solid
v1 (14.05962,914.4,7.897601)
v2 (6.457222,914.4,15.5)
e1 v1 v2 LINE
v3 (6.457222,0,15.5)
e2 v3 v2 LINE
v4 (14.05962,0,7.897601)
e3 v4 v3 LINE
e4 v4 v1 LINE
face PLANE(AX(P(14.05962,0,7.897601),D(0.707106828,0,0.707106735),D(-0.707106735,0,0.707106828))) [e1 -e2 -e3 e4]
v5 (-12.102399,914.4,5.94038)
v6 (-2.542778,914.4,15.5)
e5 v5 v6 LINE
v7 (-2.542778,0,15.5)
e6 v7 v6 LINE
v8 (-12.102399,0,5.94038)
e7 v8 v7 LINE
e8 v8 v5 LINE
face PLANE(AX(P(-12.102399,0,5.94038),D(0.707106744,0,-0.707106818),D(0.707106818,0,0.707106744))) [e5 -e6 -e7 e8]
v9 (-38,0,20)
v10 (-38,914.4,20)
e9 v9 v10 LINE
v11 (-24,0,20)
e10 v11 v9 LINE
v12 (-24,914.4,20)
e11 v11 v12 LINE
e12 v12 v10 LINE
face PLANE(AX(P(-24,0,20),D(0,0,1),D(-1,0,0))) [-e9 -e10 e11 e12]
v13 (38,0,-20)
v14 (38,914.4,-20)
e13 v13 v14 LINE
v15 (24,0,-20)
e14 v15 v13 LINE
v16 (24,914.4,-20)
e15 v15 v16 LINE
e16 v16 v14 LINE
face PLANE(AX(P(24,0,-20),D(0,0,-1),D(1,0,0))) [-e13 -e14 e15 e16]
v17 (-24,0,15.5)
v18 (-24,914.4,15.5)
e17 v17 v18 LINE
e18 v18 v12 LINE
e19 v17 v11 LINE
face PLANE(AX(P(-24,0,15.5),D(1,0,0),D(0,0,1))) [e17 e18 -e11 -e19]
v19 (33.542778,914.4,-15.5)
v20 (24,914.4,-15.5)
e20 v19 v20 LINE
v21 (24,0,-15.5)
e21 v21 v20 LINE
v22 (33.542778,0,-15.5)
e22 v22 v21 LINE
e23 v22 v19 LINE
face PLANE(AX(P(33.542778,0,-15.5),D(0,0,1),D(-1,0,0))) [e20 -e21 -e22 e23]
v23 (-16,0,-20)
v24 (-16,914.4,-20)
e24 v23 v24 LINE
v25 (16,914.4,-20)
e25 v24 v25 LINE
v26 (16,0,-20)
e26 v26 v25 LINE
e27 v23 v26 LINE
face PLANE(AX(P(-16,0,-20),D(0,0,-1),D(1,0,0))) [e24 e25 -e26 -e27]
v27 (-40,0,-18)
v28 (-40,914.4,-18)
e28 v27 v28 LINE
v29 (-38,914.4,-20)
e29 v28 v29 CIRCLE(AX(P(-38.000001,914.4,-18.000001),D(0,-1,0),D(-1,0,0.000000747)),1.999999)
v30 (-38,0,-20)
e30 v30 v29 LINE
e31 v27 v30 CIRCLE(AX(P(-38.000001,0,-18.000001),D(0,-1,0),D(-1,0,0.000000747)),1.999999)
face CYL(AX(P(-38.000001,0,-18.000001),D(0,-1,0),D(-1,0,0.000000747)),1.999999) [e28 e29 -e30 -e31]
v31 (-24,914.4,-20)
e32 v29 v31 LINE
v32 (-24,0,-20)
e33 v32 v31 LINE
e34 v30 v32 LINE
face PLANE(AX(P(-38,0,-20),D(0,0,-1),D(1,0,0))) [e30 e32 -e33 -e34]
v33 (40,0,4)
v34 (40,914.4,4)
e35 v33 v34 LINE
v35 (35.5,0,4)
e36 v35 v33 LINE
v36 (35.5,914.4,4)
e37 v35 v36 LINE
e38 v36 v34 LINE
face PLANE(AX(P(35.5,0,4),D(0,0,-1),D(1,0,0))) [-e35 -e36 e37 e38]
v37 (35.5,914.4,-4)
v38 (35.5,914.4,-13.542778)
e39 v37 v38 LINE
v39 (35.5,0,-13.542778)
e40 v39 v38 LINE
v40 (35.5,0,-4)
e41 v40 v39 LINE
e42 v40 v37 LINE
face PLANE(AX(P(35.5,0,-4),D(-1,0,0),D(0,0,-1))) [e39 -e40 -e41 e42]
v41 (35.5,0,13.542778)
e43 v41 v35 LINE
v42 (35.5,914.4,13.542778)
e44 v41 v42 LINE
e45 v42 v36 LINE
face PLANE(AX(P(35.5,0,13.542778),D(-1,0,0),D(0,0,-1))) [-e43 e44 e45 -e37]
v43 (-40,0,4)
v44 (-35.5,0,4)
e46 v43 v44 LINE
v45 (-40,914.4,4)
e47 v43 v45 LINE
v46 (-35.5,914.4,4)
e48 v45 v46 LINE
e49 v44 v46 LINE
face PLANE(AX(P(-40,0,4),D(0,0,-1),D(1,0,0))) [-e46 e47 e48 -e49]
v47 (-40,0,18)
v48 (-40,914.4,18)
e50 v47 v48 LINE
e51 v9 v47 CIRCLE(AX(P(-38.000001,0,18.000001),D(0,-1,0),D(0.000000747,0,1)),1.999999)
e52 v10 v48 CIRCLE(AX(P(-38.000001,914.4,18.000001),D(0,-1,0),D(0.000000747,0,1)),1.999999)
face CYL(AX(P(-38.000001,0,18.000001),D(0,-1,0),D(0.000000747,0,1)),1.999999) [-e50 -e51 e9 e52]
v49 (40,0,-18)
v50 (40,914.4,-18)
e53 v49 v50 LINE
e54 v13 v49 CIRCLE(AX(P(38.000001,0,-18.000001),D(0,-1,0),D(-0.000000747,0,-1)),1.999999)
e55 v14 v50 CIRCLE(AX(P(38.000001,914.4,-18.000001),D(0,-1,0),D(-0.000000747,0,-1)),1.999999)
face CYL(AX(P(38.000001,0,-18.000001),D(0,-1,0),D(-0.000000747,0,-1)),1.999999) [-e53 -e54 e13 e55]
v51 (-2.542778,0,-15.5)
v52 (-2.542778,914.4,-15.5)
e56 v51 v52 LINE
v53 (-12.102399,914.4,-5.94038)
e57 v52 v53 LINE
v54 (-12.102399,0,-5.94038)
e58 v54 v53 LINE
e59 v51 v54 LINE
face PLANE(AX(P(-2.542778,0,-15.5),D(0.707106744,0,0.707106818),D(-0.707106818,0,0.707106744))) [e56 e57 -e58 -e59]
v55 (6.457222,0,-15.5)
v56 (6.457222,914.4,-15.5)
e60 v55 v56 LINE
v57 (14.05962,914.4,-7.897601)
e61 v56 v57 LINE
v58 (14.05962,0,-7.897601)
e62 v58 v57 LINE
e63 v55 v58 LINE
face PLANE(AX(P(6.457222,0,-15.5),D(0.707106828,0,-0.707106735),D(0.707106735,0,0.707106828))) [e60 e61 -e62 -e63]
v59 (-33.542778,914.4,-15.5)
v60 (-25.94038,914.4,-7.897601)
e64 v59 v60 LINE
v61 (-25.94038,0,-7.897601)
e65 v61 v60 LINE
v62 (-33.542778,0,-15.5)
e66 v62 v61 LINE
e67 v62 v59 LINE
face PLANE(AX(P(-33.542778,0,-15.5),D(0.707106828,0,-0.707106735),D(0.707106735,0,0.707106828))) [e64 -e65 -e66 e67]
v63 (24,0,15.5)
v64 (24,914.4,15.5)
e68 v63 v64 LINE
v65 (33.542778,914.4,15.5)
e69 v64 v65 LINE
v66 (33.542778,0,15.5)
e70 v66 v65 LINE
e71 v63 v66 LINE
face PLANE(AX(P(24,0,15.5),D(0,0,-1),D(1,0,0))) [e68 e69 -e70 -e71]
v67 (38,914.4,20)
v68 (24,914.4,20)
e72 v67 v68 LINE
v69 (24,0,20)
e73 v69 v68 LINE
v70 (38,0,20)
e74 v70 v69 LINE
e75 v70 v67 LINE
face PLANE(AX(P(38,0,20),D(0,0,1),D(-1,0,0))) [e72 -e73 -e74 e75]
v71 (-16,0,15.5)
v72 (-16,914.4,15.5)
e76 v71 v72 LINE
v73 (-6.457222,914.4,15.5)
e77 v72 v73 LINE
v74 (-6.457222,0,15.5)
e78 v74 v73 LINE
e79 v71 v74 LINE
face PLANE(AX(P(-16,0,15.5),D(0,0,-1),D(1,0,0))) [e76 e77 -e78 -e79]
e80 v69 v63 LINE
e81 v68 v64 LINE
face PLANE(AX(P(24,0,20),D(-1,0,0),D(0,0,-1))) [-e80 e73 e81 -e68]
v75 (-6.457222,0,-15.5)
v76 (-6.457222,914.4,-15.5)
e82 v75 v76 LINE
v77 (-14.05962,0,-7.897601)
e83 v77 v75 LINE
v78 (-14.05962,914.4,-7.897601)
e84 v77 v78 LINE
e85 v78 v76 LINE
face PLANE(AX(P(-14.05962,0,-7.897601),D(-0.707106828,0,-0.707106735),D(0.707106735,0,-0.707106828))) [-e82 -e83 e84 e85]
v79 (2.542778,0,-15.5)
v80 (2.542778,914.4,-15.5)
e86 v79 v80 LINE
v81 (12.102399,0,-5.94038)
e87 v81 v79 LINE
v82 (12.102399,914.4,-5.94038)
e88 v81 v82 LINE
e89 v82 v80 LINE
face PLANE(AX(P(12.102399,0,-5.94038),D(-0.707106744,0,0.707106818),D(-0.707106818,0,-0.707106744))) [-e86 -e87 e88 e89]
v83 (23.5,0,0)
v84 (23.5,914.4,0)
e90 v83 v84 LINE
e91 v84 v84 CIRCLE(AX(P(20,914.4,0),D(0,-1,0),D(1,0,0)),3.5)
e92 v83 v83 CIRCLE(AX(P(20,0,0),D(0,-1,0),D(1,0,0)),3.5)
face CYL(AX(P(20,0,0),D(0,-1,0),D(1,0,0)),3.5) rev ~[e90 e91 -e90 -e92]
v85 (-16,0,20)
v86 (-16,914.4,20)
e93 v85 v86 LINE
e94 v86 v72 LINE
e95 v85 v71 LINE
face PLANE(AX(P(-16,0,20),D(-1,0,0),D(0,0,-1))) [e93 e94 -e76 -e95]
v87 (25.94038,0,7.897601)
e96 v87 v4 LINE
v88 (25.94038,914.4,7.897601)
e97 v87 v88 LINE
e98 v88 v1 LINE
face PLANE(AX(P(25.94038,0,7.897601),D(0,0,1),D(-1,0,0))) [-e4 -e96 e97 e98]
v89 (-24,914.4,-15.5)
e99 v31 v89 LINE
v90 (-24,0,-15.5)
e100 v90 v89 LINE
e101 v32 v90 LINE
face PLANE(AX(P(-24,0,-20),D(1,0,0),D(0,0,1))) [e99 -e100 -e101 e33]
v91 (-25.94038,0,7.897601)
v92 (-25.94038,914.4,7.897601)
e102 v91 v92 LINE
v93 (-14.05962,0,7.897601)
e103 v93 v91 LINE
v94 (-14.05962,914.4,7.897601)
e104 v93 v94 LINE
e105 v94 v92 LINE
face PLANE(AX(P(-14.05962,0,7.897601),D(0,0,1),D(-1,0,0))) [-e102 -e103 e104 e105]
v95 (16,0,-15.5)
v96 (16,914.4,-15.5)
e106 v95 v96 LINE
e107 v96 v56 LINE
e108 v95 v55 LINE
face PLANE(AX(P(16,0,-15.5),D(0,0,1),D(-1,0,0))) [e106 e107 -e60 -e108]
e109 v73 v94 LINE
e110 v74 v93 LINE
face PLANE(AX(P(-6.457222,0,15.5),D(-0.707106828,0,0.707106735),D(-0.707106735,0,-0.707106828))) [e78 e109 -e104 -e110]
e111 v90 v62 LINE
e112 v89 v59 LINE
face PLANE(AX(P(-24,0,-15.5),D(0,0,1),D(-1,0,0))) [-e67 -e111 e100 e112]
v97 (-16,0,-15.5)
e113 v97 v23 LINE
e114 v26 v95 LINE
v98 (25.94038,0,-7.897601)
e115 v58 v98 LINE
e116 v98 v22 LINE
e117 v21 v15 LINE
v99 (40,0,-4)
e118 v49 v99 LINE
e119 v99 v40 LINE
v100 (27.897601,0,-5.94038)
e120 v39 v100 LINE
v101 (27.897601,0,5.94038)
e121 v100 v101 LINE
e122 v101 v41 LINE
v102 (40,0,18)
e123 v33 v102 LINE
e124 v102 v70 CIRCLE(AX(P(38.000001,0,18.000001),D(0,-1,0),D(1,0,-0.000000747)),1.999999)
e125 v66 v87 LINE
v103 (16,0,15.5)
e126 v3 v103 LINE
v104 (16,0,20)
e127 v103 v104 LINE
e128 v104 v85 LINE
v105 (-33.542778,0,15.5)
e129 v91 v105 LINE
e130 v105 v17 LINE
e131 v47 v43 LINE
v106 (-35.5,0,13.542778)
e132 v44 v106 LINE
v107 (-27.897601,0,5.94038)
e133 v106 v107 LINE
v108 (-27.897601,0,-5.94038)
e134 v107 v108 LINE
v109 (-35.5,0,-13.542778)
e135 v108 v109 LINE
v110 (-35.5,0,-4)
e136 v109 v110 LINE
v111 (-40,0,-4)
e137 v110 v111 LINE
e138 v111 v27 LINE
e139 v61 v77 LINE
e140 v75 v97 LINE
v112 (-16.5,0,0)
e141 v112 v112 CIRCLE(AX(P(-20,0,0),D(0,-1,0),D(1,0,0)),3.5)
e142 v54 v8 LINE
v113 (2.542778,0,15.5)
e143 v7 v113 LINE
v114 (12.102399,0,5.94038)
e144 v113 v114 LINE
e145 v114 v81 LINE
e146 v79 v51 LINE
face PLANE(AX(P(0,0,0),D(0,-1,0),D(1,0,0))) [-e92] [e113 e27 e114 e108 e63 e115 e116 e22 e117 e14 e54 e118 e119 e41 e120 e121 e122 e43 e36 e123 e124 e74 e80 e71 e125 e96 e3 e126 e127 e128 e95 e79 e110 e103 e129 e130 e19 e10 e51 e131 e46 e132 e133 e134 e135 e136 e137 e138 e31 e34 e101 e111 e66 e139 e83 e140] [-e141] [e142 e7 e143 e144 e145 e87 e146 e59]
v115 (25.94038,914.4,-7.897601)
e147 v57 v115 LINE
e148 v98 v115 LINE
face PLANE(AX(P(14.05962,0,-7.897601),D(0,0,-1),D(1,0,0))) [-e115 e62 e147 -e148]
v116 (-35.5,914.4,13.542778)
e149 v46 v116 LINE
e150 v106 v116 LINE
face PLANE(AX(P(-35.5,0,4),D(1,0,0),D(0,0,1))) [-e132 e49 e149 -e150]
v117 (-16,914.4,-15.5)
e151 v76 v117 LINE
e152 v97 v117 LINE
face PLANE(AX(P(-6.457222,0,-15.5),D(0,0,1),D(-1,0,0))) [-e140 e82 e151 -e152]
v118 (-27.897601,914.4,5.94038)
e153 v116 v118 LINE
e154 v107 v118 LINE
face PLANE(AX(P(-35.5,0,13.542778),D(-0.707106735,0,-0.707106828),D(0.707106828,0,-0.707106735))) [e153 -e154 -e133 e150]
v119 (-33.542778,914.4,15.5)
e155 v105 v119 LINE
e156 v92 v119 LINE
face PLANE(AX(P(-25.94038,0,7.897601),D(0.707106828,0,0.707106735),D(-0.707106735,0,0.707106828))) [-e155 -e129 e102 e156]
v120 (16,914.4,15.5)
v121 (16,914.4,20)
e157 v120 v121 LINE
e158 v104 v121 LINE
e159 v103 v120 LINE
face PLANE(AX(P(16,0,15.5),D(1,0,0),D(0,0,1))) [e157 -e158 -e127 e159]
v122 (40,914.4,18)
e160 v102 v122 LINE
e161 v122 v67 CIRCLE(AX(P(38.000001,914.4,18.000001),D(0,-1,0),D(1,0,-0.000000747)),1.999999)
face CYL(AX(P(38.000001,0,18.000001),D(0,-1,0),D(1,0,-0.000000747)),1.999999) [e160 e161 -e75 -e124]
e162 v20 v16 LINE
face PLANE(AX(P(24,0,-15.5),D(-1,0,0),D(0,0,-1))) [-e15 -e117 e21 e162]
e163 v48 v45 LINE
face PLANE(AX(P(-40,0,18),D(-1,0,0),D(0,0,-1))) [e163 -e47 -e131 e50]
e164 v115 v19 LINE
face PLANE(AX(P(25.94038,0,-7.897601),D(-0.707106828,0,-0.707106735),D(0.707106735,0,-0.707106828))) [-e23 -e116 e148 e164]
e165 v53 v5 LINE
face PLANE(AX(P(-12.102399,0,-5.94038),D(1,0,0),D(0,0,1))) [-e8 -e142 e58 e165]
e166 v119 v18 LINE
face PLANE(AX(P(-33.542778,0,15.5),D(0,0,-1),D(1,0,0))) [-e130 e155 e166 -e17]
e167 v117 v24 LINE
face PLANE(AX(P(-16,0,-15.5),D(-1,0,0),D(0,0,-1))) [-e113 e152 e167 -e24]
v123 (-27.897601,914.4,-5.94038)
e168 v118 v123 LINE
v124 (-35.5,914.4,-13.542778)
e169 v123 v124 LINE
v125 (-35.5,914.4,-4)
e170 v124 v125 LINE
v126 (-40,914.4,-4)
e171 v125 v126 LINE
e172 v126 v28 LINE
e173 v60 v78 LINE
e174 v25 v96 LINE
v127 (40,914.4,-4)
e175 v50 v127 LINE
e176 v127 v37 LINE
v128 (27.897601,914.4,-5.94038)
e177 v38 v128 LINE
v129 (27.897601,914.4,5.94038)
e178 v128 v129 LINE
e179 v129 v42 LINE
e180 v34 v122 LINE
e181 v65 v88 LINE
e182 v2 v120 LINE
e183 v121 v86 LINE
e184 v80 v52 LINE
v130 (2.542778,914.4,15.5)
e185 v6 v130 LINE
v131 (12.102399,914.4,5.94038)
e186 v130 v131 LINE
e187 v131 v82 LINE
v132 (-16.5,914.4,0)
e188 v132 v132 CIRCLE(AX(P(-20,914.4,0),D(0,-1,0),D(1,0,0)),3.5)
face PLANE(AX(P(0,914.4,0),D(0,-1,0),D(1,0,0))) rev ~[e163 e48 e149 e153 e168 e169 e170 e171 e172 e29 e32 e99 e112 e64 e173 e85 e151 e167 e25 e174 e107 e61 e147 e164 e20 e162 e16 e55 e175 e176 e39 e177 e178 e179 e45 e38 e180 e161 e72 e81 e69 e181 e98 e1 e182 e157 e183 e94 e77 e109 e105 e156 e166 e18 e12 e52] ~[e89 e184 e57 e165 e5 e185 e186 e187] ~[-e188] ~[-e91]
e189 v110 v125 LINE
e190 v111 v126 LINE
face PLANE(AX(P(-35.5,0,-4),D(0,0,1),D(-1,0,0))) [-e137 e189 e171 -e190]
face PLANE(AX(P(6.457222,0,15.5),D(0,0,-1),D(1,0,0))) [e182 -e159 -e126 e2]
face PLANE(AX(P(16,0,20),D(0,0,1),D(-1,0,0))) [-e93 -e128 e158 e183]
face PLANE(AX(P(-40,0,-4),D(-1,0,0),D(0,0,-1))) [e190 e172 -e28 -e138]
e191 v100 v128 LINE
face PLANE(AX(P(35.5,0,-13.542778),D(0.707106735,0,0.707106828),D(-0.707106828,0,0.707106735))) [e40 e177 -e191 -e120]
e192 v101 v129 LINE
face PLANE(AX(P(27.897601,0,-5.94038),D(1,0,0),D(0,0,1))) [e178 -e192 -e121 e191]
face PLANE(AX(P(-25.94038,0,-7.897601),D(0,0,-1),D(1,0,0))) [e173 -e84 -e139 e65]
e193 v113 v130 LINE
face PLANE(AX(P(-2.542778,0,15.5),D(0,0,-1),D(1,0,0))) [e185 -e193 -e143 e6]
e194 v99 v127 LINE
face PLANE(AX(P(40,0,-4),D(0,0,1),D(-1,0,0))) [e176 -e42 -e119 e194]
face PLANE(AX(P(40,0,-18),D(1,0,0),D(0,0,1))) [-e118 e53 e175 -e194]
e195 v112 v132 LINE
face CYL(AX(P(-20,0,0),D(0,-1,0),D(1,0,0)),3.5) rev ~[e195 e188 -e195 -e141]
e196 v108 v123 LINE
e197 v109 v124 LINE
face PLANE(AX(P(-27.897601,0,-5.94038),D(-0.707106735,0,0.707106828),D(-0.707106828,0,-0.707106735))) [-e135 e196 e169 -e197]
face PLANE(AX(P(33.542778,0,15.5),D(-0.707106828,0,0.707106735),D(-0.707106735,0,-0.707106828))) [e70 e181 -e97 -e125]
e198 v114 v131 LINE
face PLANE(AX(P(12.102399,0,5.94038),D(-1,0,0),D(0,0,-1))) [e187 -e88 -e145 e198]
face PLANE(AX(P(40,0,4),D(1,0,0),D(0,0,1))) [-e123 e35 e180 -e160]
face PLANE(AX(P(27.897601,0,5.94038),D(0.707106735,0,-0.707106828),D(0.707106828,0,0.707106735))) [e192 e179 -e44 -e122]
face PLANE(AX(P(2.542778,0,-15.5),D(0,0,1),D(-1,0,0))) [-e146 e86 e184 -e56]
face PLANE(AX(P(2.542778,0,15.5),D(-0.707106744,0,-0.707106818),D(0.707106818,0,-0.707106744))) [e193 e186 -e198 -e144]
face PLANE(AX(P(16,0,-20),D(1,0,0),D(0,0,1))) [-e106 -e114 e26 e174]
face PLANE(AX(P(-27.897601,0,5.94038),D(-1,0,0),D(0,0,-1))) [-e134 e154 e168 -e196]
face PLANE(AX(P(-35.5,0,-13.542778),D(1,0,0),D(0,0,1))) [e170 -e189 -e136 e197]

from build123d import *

# Parameters (mm, degrees)
F0_R     = 3.5
F1_DEPTH = 914.4


with BuildPart() as f1:
    # F0 (on Front) → F1 (new body)
    with BuildSketch(Plane.XZ):
        with BuildLine():
            Line((-24, 20), (-38, 20))
            ThreePointArc((-38, 20), (-39.414214, 19.414214), (-40, 18))
            Line((-40, 18), (-40, 4))
            Line((-40, 4), (-35.5, 4))
            Line((-35.5, 4), (-35.5, 13.542778))
            Line((-35.5, 13.542778), (-27.897601, 5.94038))
            Line((-27.897601, 5.94038), (-27.897601, -5.94038))
            Line((-27.897601, -5.94038), (-35.5, -13.542778))
            Line((-35.5, -13.542778), (-35.5, -4))
            Line((-35.5, -4), (-40, -4))
            Line((-40, -4), (-40, -18))
            ThreePointArc((-40, -18), (-39.414214, -19.414214), (-38, -20))
            Line((-38, -20), (-24, -20))
            Line((-24, -20), (-24, -15.5))
            Line((-24, -15.5), (-33.542778, -15.5))
            Line((-33.542778, -15.5), (-25.94038, -7.897601))
            Line((-25.94038, -7.897601), (-14.05962, -7.897601))
            Line((-14.05962, -7.897601), (-6.457222, -15.5))
            Line((-6.457222, -15.5), (-16, -15.5))
            Line((-16, -15.5), (-16, -20))
            Line((-16, -20), (16, -20))
            Line((16, -20), (16, -15.5))
            Line((16, -15.5), (6.457222, -15.5))
            Line((6.457222, -15.5), (14.05962, -7.897601))
            Line((14.05962, -7.897601), (25.94038, -7.897601))
            Line((25.94038, -7.897601), (33.542778, -15.5))
            Line((33.542778, -15.5), (24, -15.5))
            Line((24, -15.5), (24, -20))
            Line((24, -20), (38, -20))
            ThreePointArc((38, -20), (39.414214, -19.414214), (40, -18))
            Line((40, -18), (40, -4))
            Line((40, -4), (35.5, -4))
            Line((35.5, -4), (35.5, -13.542778))
            Line((35.5, -13.542778), (27.897601, -5.94038))
            Line((27.897601, -5.94038), (27.897601, 5.94038))
            Line((27.897601, 5.94038), (35.5, 13.542778))
            Line((35.5, 13.542778), (35.5, 4))
            Line((35.5, 4), (40, 4))
            Line((40, 4), (40, 18))
            ThreePointArc((40, 18), (39.414214, 19.414214), (38, 20))
            Line((38, 20), (24, 20))
            Line((24, 20), (24, 15.5))
            Line((24, 15.5), (33.542778, 15.5))
            Line((33.542778, 15.5), (25.94038, 7.897601))
            Line((25.94038, 7.897601), (14.05962, 7.897601))
            Line((14.05962, 7.897601), (6.457222, 15.5))
            Line((6.457222, 15.5), (16, 15.5))
            Line((16, 15.5), (16, 20))
            Line((16, 20), (-16, 20))
            Line((-16, 20), (-16, 15.5))
            Line((-16, 15.5), (-6.457222, 15.5))
            Line((-6.457222, 15.5), (-14.05962, 7.897601))
            Line((-14.05962, 7.897601), (-25.94038, 7.897601))
            Line((-25.94038, 7.897601), (-33.542778, 15.5))
            Line((-33.542778, 15.5), (-24, 15.5))
            Line((-24, 15.5), (-24, 20))
        make_face()
        with Locations((-20, 0)):
            Circle(F0_R, mode=Mode.SUBTRACT)
        Polygon((-12.102399, 5.94038), (-2.542778, 15.5), (2.542778, 15.5), (12.102399, 5.94038), (12.102399, -5.94038), (2.542778, -15.5), (-2.542778, -15.5), (-12.102399, -5.94038), align=None, mode=Mode.SUBTRACT)
        with Locations((20, 0)):
            Circle(F0_R, mode=Mode.SUBTRACT)
    extrude(amount=-F1_DEPTH)


solid = f1.part
